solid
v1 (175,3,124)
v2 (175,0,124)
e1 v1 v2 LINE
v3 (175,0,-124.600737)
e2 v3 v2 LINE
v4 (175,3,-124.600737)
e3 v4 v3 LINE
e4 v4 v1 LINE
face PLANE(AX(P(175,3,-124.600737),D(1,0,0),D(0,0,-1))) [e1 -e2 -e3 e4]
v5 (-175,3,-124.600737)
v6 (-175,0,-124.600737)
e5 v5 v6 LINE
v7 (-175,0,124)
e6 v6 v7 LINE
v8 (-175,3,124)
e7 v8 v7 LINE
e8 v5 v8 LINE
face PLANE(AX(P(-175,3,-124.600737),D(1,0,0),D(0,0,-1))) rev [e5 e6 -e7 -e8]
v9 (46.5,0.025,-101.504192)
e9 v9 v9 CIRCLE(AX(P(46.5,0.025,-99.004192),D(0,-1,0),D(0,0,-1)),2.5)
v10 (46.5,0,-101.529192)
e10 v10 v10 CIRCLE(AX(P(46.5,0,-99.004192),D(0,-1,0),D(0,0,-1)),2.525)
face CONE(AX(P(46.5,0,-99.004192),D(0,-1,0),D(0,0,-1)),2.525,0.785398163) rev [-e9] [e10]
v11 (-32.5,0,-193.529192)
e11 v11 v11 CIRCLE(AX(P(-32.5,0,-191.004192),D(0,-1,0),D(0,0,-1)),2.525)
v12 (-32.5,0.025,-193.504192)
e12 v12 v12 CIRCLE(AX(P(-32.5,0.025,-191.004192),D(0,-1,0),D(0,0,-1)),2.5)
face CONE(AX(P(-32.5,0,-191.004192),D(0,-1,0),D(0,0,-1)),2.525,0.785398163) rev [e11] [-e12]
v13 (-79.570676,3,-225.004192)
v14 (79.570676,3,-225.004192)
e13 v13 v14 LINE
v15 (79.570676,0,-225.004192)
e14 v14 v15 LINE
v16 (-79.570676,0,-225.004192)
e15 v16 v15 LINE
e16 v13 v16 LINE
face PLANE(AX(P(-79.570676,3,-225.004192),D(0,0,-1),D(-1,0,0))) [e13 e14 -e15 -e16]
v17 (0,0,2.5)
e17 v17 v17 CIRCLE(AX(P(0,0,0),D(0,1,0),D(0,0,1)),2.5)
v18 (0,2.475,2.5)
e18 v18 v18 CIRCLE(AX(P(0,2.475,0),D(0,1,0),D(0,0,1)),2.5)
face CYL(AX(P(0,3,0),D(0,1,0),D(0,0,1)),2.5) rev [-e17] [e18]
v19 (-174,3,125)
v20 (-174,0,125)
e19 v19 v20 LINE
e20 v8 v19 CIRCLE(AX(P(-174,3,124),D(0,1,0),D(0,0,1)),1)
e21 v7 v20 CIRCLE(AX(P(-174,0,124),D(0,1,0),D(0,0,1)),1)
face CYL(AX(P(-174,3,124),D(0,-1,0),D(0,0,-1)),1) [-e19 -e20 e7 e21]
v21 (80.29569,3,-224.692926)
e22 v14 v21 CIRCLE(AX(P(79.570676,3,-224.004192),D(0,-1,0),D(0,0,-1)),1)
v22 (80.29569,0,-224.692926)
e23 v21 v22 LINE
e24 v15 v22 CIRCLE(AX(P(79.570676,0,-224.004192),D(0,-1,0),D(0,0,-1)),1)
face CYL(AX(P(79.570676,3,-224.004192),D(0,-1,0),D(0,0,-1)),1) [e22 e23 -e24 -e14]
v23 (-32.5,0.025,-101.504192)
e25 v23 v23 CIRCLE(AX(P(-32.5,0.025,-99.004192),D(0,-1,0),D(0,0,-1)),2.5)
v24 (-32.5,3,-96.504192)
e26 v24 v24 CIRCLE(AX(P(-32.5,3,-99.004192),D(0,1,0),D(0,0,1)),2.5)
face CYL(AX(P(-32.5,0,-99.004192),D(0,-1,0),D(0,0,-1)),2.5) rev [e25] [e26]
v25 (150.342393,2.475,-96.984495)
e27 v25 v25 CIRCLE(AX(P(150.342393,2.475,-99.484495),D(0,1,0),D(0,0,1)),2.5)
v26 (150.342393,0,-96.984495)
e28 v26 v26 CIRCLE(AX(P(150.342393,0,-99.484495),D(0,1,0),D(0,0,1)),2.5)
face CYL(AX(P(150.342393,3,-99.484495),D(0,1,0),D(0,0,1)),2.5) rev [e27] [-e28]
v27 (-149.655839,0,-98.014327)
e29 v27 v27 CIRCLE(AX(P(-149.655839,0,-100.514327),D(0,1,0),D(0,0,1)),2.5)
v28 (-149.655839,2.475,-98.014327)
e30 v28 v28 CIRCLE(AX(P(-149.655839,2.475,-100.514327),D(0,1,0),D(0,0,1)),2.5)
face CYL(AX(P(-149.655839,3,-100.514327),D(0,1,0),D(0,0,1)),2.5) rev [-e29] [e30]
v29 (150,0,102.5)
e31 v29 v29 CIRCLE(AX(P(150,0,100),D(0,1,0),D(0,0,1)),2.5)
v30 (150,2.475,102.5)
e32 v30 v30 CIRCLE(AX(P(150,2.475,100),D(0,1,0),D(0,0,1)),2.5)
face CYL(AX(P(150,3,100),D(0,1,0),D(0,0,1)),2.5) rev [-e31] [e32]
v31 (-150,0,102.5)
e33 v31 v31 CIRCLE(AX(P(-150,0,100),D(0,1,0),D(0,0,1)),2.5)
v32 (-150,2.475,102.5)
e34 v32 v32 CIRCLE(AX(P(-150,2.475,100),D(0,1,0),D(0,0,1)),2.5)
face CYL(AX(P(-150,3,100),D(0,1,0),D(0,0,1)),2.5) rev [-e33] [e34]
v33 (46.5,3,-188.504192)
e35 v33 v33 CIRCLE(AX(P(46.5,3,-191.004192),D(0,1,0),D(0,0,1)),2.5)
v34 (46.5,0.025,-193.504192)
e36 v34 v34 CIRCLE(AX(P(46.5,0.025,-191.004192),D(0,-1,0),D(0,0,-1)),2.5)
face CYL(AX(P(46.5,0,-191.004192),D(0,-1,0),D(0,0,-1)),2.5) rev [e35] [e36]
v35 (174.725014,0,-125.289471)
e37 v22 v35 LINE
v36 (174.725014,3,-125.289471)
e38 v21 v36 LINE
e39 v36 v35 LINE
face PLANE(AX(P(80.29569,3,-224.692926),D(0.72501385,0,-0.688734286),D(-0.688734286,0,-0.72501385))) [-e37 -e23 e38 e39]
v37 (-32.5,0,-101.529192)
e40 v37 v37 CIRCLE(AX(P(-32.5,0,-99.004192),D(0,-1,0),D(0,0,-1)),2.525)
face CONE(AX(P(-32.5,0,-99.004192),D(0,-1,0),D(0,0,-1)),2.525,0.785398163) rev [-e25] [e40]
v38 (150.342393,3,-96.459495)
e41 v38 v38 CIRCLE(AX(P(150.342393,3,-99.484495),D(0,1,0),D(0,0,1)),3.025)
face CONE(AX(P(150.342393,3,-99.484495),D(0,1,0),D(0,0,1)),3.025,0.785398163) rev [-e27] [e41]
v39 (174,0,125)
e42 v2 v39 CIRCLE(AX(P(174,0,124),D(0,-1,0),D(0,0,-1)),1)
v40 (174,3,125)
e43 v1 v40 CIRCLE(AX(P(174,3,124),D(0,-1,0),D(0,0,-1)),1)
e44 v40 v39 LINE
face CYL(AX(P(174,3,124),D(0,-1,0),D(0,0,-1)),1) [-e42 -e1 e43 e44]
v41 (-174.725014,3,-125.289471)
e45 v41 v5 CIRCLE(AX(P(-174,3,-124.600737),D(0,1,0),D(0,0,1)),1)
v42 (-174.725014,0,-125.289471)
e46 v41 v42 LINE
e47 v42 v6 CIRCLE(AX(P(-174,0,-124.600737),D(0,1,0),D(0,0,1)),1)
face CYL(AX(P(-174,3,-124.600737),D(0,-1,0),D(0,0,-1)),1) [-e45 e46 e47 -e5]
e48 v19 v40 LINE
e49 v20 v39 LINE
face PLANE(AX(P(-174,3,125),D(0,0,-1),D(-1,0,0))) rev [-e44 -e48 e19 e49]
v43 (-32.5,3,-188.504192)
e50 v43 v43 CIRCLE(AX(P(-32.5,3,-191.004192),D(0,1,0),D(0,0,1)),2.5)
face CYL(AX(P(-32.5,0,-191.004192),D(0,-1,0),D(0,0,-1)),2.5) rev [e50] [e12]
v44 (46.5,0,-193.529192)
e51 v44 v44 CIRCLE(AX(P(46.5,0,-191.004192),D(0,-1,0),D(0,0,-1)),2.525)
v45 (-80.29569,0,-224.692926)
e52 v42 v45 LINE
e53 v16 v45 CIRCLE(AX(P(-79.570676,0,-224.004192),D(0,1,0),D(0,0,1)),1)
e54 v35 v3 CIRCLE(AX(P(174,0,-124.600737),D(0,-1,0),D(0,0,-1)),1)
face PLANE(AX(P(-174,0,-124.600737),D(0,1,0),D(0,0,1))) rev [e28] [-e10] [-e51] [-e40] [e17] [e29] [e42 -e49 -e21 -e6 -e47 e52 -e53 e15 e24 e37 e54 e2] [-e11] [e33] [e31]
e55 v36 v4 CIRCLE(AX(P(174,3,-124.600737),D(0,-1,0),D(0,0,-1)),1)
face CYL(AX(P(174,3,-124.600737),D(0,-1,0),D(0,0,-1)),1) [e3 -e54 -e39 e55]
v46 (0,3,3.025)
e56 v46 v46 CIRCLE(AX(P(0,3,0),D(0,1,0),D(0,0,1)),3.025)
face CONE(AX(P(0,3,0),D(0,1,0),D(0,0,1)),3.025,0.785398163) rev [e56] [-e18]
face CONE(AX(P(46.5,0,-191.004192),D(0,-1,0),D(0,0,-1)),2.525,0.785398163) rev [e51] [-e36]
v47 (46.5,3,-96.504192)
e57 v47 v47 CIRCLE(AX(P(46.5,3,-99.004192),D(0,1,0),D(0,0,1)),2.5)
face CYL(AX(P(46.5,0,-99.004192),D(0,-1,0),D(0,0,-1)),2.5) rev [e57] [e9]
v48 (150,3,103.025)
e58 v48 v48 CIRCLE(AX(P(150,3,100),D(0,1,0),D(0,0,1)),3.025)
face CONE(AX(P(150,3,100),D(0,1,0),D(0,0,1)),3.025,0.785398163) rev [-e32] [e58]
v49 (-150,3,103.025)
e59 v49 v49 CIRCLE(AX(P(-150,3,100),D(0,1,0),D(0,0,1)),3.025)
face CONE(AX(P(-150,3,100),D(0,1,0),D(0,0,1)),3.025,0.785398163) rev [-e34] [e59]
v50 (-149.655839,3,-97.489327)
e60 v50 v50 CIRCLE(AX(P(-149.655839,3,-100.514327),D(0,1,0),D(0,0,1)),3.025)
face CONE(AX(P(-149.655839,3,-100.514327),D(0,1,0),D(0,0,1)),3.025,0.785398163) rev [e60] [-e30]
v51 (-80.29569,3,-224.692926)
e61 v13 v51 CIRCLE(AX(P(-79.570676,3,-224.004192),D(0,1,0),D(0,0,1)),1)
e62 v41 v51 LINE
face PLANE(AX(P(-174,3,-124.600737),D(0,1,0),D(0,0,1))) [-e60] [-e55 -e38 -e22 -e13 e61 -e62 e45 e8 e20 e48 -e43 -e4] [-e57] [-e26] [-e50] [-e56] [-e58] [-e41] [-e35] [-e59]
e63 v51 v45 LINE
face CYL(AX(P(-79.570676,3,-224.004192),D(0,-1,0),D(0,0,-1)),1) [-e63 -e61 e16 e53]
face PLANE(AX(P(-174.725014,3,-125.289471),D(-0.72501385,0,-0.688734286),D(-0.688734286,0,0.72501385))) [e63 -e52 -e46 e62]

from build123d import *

# Parameters (mm, degrees)
PLATE_EXTRUDE_1_DEPTH             = 3
M6_TAPPED_HOLE2_AT_2_COUNT        = 2
M6_TAPPED_HOLE2_AT_2_PITCH        = 300
M6_TAPPED_HOLE2_AT_3_COUNT        = 2
M6_TAPPED_HOLE2_AT_3_PITCH        = 180.277563773
M6_TAPPED_HOLE2_AT_4_COUNT        = 2
M6_TAPPED_HOLE2_AT_4_PITCH        = 200.51462203
M6_TAPPED_HOLE2_AT_5_COUNT        = 2
M6_TAPPED_HOLE2_AT_5_PITCH        = 360.55459645
TAP_DRILL_FOR_M6_TAP1_D           = 5
TAP_DRILL_FOR_M6_TAP1_DEPTH       = 10
TAP_DRILL_FOR_M6_TAP1_CSINK_D     = 5.05
TAP_DRILL_FOR_M6_TAP1_CSINK_ANGLE = 90
TAP_DRILL_FOR_M6_TAP1_TIP         = 1.502151548


with BuildPart() as part:
    # Plate Template → Plate Extrude 1 (new body)
    with BuildSketch(Plane(origin=(0, 0, 0), x_dir=(1, 0, 0), z_dir=(0, 1, 0))):
        with BuildLine():
            Line((-79.570676183, 225.004191897), (79.570676183, 225.004191897))
            ThreePointArc((79.570676183, 225.004191897), (79.965179487, 224.92308642), (80.295690033, 224.692926184))
            Line((80.295690033, 224.692926184), (174.72501385, 125.289471239))
            ThreePointArc((174.72501385, 125.289471239), (174.928712509, 124.971537539), (175, 124.600736953))
            Line((175, 124.600736953), (175, -124))
            ThreePointArc((175, -124), (174.707106781, -124.707106781), (174, -125))
            Line((174, -125), (-174, -125))
            ThreePointArc((-174, -125), (-174.707106781, -124.707106781), (-175, -124))
            Line((-175, -124), (-175, 124.600736953))
            ThreePointArc((-175, 124.600736953), (-174.928712509, 124.971537539), (-174.72501385, 125.289471239))
            Line((-174.72501385, 125.289471239), (-80.295690033, 224.692926184))
            ThreePointArc((-80.295690033, 224.692926184), (-79.965179487, 224.92308642), (-79.570676183, 225.004191897))
        make_face()
    extrude(amount=PLATE_EXTRUDE_1_DEPTH)

    # Sketch3 → M6 Tapped Hole2 (revolve, cut)
    with BuildSketch(Plane(origin=(-150, 3, 100), x_dir=(0, 0, 1), z_dir=(1, 0, 0))):
        Polygon((0, 0), (0, 3), (2.5, 3), (2.5, 0.525), (3.025, 0), align=None)
    m6_tapped_hole2 = revolve(axis=Axis((-150, 9.35, 100), (0, -1, 0)), mode=Mode.SUBTRACT)

    # M6 Tapped Hole2 at 2: M6 Tapped Hole2 ×2
    with Locations(*[(i * M6_TAPPED_HOLE2_AT_2_PITCH, 0, 0) for i in range(1, M6_TAPPED_HOLE2_AT_2_COUNT)]):
        add(m6_tapped_hole2, mode=Mode.SUBTRACT)

    # M6 Tapped Hole2 at 3: M6 Tapped Hole2 ×2
    with Locations(*[Vector(0.8320502943378437, 0, -0.554700196225229) * (i * M6_TAPPED_HOLE2_AT_3_PITCH) for i in range(1, M6_TAPPED_HOLE2_AT_3_COUNT)]):
        add(m6_tapped_hole2, mode=Mode.SUBTRACT)

    # M6 Tapped Hole2 at 4: M6 Tapped Hole2 ×2
    with Locations(*[Vector(0.0017163887650713508, 0, -0.9999985270037187) * (i * M6_TAPPED_HOLE2_AT_4_PITCH) for i in range(1, M6_TAPPED_HOLE2_AT_4_COUNT)]):
        add(m6_tapped_hole2, mode=Mode.SUBTRACT)

    # M6 Tapped Hole2 at 5: M6 Tapped Hole2 ×2
    with Locations(*[Vector(0.8330011499156382, 0, -0.5532712573767269) * (i * M6_TAPPED_HOLE2_AT_5_PITCH) for i in range(1, M6_TAPPED_HOLE2_AT_5_COUNT)]):
        add(m6_tapped_hole2, mode=Mode.SUBTRACT)

    # Tap Drill for M6 Tap1
    with Locations(Plane(origin=(0, 0, 0), x_dir=(-1, 0, 0), z_dir=(0, -1, 0))):
        with Locations((-46.5, 191.004191906), (32.5, 191.004191906), (32.5, 99.004191897), (-46.5, 99.004191897)):
            CounterSinkHole(TAP_DRILL_FOR_M6_TAP1_D / 2, TAP_DRILL_FOR_M6_TAP1_CSINK_D / 2, depth=TAP_DRILL_FOR_M6_TAP1_DEPTH, counter_sink_angle=TAP_DRILL_FOR_M6_TAP1_CSINK_ANGLE)
            with Locations((0, 0, -(TAP_DRILL_FOR_M6_TAP1_DEPTH + TAP_DRILL_FOR_M6_TAP1_TIP / 2))):  # 118° drill point
                Cone(0, TAP_DRILL_FOR_M6_TAP1_D / 2, TAP_DRILL_FOR_M6_TAP1_TIP, mode=Mode.SUBTRACT)


solid = part.part
